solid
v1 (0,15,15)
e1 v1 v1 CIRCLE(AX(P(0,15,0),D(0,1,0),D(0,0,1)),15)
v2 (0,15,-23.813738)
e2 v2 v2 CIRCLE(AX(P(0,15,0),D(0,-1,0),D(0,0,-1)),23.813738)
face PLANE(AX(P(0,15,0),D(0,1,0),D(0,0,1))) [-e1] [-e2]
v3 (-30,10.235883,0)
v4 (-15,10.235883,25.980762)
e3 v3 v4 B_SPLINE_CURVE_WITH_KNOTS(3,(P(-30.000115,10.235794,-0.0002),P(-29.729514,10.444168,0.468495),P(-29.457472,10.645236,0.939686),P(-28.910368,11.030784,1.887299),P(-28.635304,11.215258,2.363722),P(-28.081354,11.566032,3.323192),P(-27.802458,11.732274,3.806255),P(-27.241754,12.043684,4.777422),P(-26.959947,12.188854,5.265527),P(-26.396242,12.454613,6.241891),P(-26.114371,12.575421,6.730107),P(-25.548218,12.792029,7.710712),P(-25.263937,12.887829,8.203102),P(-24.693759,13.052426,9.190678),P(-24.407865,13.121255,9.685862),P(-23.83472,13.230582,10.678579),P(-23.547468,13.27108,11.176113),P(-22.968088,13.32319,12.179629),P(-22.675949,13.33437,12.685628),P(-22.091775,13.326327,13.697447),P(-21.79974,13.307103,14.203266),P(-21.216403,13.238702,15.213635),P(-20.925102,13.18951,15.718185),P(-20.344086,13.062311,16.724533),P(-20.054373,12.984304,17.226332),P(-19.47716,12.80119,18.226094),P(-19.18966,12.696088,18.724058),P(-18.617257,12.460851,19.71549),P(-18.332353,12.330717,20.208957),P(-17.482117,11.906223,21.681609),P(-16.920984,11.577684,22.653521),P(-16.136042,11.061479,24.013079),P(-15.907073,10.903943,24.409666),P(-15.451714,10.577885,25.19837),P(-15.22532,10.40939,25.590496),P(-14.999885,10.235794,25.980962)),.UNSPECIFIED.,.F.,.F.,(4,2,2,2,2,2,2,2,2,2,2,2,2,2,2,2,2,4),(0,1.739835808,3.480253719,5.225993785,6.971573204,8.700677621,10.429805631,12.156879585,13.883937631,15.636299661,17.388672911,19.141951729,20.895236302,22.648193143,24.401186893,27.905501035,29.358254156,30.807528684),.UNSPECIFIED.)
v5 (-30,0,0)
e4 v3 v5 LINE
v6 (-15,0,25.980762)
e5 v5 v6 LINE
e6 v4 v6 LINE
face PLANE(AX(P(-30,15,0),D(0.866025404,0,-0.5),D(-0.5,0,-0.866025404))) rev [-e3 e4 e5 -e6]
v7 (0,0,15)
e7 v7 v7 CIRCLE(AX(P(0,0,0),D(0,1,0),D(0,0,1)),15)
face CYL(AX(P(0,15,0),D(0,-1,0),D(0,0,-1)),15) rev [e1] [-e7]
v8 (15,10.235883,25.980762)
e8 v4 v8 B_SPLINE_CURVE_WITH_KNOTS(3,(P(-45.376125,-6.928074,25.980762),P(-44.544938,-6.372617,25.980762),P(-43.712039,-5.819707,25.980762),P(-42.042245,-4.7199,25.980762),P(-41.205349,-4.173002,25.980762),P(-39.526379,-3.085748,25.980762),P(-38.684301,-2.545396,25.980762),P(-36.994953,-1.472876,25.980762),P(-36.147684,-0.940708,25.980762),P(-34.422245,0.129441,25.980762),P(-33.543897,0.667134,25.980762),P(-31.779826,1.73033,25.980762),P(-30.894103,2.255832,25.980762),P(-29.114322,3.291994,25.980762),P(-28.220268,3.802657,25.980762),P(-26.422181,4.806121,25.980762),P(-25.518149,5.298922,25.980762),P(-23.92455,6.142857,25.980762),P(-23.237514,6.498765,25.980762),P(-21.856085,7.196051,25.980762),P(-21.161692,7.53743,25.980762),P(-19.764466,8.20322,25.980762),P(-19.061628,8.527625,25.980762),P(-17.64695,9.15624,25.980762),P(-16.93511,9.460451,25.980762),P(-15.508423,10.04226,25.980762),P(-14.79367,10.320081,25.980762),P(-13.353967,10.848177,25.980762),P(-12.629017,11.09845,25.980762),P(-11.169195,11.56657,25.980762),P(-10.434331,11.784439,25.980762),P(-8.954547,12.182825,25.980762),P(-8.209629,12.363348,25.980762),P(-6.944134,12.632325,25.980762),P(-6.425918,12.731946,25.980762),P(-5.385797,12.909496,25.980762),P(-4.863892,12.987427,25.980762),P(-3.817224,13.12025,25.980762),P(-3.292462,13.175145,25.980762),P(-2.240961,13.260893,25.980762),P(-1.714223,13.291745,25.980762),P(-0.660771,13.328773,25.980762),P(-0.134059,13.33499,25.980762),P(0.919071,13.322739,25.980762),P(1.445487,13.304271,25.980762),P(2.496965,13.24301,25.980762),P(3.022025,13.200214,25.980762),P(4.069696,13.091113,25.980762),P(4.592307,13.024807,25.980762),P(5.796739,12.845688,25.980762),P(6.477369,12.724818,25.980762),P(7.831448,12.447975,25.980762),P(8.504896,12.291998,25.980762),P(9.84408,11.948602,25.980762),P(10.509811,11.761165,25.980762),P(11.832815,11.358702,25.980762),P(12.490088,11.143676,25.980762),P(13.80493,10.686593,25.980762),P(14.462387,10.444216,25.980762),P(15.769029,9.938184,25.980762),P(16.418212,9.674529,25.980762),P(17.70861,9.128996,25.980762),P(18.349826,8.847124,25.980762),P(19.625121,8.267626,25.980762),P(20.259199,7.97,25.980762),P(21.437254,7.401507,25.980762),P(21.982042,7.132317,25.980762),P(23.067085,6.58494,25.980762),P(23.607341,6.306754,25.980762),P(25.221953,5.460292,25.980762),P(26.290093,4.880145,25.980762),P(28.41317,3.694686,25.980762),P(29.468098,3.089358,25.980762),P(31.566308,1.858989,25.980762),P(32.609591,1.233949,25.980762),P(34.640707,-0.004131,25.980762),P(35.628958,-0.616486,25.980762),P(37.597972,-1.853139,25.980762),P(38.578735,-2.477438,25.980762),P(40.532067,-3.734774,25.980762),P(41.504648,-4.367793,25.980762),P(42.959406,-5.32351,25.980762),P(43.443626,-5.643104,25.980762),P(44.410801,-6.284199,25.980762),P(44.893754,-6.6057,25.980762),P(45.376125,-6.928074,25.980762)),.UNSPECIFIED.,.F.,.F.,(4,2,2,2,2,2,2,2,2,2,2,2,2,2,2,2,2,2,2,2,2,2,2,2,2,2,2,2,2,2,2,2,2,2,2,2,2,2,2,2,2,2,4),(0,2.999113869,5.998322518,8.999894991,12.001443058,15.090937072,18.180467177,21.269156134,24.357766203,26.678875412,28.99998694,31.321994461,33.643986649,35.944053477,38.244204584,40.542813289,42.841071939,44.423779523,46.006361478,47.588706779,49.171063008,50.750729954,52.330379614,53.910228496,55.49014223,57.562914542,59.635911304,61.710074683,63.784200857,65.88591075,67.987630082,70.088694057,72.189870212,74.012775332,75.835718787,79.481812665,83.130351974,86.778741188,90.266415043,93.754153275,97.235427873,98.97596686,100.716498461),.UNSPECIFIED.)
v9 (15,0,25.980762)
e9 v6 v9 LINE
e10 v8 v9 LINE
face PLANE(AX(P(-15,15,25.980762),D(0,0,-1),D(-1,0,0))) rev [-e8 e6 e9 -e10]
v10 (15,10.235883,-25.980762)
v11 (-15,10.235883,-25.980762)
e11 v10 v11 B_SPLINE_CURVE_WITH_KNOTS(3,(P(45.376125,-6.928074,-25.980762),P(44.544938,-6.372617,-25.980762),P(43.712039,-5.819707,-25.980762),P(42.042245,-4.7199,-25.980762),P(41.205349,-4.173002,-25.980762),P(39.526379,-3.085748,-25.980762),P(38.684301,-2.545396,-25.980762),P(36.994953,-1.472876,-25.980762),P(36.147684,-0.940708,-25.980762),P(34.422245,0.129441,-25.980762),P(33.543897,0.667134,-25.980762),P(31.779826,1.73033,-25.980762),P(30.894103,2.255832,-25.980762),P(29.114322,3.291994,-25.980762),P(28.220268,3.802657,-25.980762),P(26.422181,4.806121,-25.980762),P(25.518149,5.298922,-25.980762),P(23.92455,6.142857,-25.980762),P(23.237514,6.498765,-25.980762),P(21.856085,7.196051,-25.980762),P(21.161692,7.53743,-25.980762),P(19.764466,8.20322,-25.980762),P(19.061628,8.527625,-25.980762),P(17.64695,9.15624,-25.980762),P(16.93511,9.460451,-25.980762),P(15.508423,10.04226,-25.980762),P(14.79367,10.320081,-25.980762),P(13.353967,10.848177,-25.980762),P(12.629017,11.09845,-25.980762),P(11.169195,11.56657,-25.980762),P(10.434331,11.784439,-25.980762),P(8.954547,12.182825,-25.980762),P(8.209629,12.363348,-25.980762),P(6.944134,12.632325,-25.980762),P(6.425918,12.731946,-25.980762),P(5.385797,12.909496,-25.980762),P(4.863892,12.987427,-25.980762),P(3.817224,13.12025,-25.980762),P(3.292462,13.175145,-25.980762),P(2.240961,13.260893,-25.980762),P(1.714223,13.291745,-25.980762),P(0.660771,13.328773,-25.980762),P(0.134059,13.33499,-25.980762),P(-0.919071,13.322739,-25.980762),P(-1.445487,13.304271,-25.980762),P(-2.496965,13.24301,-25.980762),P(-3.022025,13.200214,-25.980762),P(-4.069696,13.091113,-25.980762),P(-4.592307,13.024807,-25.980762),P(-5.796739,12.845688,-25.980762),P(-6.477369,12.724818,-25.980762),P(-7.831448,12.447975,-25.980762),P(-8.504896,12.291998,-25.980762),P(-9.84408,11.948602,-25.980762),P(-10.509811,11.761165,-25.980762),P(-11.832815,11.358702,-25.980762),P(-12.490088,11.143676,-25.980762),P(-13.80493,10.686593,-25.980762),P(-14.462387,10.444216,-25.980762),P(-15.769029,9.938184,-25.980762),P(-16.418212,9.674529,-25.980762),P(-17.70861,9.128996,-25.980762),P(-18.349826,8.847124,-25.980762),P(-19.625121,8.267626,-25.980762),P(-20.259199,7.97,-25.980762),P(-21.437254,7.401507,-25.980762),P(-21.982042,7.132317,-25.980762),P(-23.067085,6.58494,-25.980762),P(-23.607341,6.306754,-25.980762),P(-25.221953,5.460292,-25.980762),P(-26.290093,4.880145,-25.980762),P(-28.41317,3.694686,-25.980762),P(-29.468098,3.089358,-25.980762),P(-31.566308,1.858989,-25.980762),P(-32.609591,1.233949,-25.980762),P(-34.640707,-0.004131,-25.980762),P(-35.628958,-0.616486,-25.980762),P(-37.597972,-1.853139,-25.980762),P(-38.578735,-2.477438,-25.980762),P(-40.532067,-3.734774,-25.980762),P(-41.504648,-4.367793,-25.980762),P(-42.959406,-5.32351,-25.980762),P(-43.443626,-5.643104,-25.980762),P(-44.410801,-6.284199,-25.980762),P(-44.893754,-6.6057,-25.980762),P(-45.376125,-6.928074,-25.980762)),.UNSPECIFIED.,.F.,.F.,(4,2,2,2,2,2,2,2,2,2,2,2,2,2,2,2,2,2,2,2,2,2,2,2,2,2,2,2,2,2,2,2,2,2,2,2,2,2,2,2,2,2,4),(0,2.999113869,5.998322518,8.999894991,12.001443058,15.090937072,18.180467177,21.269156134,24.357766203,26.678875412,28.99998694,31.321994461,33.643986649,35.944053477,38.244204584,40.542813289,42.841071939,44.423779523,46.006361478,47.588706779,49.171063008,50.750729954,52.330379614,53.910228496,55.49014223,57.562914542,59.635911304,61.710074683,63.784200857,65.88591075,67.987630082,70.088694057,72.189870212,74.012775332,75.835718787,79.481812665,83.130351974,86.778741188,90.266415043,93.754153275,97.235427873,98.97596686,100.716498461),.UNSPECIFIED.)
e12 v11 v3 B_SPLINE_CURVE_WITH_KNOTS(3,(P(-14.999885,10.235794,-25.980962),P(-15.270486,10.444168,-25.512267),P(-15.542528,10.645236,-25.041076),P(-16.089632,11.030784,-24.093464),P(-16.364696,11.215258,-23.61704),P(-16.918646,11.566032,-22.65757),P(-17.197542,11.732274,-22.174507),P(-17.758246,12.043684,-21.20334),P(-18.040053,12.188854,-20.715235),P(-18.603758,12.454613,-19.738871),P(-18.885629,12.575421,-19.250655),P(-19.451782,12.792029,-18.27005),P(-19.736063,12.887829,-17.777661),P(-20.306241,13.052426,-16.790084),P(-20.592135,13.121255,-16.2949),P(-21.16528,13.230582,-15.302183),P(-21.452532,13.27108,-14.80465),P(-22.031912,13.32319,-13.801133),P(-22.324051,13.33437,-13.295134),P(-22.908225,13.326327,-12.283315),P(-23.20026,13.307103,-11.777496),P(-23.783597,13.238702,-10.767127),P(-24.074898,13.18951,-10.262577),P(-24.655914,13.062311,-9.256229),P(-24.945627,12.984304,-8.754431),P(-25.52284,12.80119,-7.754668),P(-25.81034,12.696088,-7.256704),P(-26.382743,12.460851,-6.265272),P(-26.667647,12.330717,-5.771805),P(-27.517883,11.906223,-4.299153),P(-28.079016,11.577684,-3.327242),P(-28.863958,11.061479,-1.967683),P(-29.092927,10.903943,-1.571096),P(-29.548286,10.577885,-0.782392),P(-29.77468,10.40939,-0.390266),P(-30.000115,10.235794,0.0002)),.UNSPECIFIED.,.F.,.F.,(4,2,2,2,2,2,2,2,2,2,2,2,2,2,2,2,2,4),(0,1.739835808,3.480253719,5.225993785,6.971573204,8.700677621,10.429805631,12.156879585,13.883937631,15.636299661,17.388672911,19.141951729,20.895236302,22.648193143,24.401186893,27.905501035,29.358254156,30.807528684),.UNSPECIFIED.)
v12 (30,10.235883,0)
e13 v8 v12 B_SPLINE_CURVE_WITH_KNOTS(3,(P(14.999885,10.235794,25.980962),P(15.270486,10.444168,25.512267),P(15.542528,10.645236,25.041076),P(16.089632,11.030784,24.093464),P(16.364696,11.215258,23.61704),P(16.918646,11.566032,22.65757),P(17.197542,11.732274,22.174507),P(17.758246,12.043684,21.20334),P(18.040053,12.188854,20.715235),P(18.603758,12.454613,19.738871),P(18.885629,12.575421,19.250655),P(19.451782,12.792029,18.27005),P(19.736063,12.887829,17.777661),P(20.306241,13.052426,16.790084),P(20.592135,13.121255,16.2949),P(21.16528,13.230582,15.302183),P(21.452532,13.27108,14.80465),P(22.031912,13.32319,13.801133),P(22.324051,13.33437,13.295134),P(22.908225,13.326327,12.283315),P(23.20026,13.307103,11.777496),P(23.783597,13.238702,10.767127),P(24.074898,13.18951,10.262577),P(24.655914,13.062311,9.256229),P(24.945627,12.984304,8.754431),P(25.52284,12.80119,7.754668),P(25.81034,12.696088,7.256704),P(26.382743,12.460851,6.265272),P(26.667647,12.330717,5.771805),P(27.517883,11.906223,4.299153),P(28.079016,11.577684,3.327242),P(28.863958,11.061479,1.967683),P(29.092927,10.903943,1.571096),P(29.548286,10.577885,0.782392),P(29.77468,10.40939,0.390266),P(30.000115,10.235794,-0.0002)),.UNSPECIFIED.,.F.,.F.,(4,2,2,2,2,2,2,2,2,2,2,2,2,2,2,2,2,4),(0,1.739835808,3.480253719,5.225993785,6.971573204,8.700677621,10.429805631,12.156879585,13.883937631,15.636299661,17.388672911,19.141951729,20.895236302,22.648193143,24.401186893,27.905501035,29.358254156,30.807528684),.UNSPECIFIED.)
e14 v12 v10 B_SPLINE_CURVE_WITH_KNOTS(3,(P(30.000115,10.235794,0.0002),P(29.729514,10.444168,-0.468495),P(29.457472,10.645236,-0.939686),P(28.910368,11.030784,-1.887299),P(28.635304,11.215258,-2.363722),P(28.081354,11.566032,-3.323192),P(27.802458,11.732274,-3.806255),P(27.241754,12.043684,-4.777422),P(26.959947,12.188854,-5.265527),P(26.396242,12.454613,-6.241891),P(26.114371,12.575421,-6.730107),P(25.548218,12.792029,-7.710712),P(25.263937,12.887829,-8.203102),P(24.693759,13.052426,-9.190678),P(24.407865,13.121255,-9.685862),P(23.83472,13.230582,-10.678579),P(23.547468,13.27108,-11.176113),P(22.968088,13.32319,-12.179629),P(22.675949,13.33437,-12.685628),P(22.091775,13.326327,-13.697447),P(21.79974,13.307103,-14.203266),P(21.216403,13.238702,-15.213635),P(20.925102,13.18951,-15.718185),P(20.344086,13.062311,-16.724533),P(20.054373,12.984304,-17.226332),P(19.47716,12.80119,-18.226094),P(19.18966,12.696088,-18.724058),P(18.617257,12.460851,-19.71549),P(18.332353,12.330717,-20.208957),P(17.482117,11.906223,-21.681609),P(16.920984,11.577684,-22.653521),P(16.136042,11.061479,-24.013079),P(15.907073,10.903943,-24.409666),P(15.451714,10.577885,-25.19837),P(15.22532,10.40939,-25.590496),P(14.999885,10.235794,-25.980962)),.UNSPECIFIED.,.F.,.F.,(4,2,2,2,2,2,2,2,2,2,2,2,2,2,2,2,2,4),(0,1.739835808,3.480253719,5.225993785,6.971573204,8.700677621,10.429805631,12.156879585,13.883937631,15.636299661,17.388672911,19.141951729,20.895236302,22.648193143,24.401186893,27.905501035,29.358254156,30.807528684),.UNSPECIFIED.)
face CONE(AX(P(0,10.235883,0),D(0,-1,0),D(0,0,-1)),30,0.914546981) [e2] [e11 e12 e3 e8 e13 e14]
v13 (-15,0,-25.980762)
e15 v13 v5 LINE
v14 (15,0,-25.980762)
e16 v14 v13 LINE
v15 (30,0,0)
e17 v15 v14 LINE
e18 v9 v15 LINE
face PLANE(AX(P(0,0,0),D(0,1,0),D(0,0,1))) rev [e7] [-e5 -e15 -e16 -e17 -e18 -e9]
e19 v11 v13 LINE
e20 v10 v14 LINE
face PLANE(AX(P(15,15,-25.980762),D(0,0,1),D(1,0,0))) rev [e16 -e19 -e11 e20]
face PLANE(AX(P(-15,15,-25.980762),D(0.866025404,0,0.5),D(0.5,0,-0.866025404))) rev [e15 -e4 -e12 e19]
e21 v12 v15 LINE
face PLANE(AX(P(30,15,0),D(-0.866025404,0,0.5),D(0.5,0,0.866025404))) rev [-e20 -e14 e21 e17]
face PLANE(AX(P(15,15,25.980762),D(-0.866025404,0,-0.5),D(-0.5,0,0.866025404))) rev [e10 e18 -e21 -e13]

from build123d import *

# Parameters (mm, degrees)
SKETCH1_R           = 15
BOSS_EXTRUDE1_DEPTH = 15


with BuildPart() as part:
    # Sketch1 → Boss-Extrude1 (new body)
    with BuildSketch(Plane(origin=(0, 0, 0), x_dir=(1, 0, 0), z_dir=(0, 1, 0))):
        Polygon((30, 0), (15, 25.980762114), (-15, 25.980762114), (-30, 0), (-15, -25.980762114), (15, -25.980762114), align=None)
        with Locations(Location((0, 0, 0), (0, 0, 270))):
            Circle(SKETCH1_R, mode=Mode.SUBTRACT)
    extrude(amount=BOSS_EXTRUDE1_DEPTH)

    # Sketch3 → Cut-Revolve1 (revolve, cut)
    with BuildSketch(Plane.XY, mode=Mode.PRIVATE) as cut_revolve1_sk:
        Polygon((-30, 15), (-30, 10.235882569), (-23.813738417, 15), align=None)
    revolve(cut_revolve1_sk.sketch.rotate(Axis((0, 0, 0), (0, 1, 0)), 270), axis=Axis((0, 0, 0), (0, 1, 0)), mode=Mode.SUBTRACT)


solid = part.part
